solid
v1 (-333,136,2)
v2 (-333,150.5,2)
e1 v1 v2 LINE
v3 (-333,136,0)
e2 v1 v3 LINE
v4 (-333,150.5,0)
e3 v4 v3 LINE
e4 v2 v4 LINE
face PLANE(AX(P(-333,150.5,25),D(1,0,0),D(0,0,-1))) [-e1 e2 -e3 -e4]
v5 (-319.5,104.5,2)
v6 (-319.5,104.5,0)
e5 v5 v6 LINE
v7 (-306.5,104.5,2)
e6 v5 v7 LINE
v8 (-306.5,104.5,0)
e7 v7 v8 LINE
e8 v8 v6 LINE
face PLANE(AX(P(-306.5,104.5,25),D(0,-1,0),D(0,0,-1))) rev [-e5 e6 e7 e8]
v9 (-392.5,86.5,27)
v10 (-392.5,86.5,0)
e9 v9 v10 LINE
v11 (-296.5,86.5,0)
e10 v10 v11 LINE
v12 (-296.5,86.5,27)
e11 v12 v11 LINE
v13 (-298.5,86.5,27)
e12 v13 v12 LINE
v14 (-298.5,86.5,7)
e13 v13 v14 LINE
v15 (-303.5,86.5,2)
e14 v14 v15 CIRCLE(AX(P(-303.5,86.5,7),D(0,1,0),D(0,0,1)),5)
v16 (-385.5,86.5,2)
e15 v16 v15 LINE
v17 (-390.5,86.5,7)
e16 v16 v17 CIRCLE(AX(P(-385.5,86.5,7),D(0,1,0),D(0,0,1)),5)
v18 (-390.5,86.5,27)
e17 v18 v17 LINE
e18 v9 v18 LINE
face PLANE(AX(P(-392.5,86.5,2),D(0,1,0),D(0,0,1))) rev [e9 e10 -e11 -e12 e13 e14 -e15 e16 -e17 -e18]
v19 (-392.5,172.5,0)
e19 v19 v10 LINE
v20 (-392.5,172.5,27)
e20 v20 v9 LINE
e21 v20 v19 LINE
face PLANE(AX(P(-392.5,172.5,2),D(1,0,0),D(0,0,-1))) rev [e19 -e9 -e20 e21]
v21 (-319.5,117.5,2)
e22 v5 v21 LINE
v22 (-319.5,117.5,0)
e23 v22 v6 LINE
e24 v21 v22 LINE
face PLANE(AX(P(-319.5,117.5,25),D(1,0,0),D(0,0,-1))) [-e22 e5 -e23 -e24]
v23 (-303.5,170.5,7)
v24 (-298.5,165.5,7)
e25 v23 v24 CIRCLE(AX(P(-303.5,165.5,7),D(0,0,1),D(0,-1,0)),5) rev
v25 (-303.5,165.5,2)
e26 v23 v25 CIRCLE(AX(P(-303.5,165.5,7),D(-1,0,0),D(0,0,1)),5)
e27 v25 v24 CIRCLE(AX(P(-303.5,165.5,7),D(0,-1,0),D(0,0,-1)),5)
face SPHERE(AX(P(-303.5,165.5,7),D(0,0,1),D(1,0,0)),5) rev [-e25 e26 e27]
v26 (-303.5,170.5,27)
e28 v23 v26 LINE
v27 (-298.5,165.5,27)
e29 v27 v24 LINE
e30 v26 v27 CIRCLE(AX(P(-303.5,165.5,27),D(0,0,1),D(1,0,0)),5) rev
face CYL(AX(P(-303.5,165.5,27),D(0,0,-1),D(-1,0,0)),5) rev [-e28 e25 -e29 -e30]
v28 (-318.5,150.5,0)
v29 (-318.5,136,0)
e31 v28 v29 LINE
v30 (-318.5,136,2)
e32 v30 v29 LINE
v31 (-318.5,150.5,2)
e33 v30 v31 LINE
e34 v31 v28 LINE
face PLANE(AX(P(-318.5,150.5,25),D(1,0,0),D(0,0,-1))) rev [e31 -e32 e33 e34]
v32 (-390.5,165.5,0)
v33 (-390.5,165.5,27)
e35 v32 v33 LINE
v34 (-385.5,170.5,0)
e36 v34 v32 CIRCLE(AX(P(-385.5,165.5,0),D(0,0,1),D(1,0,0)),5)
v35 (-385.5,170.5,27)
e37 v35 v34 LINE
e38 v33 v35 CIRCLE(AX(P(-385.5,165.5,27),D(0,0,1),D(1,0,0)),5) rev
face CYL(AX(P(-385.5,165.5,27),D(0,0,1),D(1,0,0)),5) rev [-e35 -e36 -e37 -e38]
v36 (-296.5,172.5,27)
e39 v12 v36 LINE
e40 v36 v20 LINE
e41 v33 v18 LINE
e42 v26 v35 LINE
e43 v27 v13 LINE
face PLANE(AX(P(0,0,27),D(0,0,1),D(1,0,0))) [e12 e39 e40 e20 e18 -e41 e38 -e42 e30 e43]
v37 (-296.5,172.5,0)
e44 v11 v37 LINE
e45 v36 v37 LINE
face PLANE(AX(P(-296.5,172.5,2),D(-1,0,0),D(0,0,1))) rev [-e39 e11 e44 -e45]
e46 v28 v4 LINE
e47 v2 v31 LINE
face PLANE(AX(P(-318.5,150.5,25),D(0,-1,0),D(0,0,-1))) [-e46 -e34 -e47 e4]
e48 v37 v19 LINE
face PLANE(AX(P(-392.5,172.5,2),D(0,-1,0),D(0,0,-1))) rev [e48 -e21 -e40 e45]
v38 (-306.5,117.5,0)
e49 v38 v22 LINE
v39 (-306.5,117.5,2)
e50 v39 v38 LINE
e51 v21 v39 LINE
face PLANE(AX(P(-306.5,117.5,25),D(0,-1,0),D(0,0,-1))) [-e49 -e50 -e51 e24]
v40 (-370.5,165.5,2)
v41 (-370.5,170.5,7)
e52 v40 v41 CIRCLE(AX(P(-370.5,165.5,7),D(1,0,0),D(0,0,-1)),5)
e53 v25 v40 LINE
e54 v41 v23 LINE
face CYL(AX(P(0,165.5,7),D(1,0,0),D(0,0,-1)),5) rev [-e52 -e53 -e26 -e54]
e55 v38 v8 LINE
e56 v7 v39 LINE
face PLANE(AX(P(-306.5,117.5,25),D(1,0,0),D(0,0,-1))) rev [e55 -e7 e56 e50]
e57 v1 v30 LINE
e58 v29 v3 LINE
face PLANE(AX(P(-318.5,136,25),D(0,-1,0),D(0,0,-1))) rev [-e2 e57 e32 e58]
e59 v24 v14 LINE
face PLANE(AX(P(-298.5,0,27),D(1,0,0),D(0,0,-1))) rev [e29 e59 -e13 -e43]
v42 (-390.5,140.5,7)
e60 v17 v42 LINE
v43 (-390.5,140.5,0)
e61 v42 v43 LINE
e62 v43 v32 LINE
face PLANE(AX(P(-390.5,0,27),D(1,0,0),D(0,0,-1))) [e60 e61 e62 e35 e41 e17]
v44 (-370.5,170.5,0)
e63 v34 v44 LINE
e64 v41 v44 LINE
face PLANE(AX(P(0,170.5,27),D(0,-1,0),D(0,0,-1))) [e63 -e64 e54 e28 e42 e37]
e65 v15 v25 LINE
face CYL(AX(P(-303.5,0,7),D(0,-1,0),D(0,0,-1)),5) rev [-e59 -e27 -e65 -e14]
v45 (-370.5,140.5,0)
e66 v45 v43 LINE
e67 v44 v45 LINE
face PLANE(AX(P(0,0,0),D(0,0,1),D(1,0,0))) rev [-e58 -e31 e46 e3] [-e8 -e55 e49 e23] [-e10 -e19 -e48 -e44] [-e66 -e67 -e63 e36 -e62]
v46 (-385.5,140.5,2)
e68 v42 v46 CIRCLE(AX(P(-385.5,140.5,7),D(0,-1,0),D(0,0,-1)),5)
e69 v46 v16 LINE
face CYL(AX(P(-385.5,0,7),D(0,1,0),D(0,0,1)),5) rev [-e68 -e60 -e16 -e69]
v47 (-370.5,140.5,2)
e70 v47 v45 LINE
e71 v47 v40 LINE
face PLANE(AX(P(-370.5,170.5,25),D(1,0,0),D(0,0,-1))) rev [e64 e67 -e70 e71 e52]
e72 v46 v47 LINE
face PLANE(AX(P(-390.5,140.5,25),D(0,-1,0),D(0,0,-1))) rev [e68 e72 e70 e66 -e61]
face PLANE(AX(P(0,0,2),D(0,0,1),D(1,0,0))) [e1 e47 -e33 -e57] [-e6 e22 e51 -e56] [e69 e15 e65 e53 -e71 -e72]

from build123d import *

# Parameters (mm, degrees)
SKETCH1_W           = 96
SKETCH1_H           = 86
BOSS_EXTRUDE1_DEPTH = 2
BOSS_EXTRUDE3_DEPTH = 25
SKETCH3_W           = 20
SKETCH3_H           = 30
CUT_EXTRUDE1_DEPTH  = 25
SKETCH4_W           = 14.5
SKETCH4_H           = 14.5
CUT_EXTRUDE2_DEPTH  = 25
SKETCH5_W           = 13
SKETCH5_H           = 13
CUT_EXTRUDE3_DEPTH  = 25
FILLET1_R           = 5


with BuildPart() as part:
    # Sketch1 → Boss-Extrude1 (new body)
    with BuildSketch(Plane.XY):
        with Locations((-344.5, 129.5)):
            Rectangle(SKETCH1_W, SKETCH1_H)
    extrude(amount=BOSS_EXTRUDE1_DEPTH)

    # Sketch2 → Boss-Extrude3 (add)
    with BuildSketch(Plane.XY.offset(2)):
        Polygon((-296.5, 170.5), (-296.5, 172.5), (-298.5, 172.5), (-390.5, 172.5), (-392.5, 172.5), (-392.5, 170.5), (-392.5, 86.5), (-390.5, 86.5), (-390.5, 170.5), (-298.5, 170.5), (-298.5, 86.5), (-296.5, 86.5), align=None)
    extrude(amount=BOSS_EXTRUDE3_DEPTH)

    # Sketch3 → Cut-Extrude1 (cut)
    with BuildSketch(Plane(origin=(0, 0, 0), x_dir=(-1, 0, 0), z_dir=(0, 0, -1))):
        with Locations((380.5, 155.5)):
            Rectangle(SKETCH3_W, SKETCH3_H)
    extrude(amount=-CUT_EXTRUDE1_DEPTH, mode=Mode.SUBTRACT)

    # Sketch4 → Cut-Extrude2 (cut)
    with BuildSketch(Plane(origin=(0, 0, 0), x_dir=(-1, 0, 0), z_dir=(0, 0, -1))):
        with Locations((325.75, 143.25)):
            Rectangle(SKETCH4_W, SKETCH4_H)
    extrude(amount=-CUT_EXTRUDE2_DEPTH, mode=Mode.SUBTRACT)

    # Sketch5 → Cut-Extrude3 (cut)
    with BuildSketch(Plane(origin=(0, 0, 0), x_dir=(-1, 0, 0), z_dir=(0, 0, -1))):
        with Locations((313, 111)):
            Rectangle(SKETCH5_W, SKETCH5_H)
    extrude(amount=-CUT_EXTRUDE3_DEPTH, mode=Mode.SUBTRACT)

    # Fillet1
    fillet1_edges = [part.edges().sort_by_distance(p)[0] for p in [
        (-390.5, 170.5, 13.5),
        (-298.5, 128.5, 2),
        (-298.5, 170.5, 14.5),
        (-334.5, 170.5, 2),
        (-390.5, 113.5, 2),
    ]]
    fillet(fillet1_edges, radius=FILLET1_R)


solid = part.part
